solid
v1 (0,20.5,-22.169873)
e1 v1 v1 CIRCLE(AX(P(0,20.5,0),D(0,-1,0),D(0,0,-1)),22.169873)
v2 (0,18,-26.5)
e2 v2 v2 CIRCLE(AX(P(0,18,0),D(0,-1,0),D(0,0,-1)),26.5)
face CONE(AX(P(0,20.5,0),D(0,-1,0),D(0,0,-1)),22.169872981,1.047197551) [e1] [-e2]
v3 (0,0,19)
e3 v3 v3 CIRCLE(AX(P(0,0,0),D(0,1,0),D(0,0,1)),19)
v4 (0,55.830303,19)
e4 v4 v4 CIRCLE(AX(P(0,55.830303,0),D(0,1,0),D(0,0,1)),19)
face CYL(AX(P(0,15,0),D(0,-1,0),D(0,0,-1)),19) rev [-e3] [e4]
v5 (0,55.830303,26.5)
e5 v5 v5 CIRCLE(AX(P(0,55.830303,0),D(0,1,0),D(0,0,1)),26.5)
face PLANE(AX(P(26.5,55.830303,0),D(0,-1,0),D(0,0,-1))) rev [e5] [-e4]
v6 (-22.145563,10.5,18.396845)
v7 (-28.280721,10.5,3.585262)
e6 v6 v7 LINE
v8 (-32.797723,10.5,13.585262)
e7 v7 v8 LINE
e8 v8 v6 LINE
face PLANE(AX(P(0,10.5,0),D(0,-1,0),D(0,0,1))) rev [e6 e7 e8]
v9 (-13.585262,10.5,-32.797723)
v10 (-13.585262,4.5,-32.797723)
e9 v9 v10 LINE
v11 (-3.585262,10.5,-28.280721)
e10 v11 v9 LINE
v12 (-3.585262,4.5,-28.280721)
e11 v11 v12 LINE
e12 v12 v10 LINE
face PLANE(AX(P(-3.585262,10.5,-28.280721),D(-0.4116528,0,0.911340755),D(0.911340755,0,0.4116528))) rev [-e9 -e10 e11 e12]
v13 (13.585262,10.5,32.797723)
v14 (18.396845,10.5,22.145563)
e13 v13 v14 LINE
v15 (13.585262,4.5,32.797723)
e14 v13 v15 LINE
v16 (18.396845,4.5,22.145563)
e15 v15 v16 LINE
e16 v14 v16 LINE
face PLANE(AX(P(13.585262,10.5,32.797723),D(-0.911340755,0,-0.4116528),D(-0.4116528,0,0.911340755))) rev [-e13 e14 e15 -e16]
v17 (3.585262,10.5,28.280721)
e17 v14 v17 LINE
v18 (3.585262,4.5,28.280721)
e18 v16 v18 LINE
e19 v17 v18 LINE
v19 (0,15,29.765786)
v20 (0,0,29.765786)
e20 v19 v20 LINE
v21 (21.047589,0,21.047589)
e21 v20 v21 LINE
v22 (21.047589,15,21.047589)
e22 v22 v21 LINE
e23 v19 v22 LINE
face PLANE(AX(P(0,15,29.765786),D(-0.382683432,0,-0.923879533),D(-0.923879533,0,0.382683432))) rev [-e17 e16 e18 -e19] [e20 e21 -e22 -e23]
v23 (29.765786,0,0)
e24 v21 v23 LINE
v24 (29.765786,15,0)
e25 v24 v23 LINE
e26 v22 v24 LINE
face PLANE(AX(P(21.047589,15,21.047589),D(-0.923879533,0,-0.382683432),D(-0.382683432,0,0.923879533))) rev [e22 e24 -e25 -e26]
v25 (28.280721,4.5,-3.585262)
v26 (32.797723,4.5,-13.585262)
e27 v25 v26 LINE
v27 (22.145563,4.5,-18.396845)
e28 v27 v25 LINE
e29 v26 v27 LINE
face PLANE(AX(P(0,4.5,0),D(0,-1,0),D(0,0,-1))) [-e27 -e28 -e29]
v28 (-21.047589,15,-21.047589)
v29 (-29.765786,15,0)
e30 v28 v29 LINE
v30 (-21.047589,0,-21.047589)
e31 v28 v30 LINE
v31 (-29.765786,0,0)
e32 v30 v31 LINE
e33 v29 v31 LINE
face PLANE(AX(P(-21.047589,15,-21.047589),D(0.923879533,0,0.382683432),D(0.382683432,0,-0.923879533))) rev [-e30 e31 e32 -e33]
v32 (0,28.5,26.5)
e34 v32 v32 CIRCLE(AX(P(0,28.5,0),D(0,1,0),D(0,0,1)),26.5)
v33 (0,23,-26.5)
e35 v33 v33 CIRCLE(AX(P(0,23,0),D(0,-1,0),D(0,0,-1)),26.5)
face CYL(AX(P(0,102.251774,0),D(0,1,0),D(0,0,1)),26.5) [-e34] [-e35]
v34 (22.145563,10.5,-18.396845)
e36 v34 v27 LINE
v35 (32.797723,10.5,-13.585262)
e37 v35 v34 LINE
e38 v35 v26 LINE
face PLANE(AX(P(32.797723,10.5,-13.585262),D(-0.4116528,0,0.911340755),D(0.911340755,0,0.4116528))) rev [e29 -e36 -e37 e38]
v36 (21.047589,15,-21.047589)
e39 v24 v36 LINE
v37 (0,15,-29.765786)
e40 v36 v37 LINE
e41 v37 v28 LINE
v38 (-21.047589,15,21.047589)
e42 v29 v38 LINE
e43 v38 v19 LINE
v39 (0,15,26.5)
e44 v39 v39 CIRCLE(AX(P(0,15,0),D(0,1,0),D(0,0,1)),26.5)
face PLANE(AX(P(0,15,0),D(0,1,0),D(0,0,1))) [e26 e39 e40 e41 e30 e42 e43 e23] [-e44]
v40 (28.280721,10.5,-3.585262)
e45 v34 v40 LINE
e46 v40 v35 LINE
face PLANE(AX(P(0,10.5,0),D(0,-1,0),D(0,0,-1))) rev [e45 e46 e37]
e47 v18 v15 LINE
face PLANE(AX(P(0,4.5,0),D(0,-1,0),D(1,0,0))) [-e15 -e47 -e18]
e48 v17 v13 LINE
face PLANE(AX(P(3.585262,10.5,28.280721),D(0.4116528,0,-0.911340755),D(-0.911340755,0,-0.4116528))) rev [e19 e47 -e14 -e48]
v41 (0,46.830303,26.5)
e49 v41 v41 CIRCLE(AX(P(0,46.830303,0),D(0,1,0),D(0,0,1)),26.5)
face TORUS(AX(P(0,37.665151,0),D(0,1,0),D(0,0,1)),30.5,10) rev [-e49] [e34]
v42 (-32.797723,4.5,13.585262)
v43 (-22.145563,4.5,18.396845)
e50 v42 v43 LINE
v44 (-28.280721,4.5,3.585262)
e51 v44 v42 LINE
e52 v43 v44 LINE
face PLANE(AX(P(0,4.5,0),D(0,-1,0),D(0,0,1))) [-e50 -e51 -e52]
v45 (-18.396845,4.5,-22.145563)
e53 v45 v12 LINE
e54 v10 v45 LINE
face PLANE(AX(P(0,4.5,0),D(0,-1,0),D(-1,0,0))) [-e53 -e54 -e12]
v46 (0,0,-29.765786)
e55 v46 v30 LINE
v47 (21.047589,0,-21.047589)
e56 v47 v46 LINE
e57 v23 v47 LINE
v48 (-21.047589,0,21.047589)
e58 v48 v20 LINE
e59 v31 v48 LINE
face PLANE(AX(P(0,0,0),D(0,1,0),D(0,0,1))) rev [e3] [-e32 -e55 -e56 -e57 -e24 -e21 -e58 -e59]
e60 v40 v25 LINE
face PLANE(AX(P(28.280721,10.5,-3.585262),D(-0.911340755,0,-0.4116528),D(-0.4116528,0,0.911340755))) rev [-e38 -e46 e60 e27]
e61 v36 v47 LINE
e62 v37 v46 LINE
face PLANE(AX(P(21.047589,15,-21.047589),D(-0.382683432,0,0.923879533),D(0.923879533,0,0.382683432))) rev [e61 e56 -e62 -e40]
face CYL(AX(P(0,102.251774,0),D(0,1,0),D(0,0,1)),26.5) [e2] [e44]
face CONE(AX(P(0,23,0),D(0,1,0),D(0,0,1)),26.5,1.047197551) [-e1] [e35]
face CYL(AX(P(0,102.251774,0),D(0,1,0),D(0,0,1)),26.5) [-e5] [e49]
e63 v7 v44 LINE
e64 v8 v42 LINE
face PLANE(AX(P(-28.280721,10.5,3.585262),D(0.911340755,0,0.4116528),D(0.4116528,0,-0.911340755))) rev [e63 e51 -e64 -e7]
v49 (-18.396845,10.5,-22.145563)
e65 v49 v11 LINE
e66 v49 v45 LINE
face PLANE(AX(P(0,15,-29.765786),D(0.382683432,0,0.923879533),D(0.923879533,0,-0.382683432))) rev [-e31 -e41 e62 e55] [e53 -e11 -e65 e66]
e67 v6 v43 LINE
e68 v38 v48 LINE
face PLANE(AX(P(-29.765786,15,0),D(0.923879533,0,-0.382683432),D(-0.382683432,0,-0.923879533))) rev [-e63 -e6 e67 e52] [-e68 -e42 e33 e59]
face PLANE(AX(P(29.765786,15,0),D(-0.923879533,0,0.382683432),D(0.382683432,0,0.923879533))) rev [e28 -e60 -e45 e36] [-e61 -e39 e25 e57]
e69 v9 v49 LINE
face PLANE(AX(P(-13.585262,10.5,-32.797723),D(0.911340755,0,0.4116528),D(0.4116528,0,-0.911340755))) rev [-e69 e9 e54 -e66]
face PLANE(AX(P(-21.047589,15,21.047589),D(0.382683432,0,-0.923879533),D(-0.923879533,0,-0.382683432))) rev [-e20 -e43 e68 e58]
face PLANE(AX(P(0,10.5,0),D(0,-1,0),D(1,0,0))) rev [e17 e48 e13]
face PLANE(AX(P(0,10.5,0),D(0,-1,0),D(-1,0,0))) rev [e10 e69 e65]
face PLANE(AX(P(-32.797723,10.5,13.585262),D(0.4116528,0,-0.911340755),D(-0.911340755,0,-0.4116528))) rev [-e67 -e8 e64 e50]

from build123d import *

# Parameters (mm, degrees)
SKETCH1_R           = 19
BOSS_EXTRUDE2_DEPTH = 15
SKETCH3_R           = 19
CUT_EXTRUDE1_DEPTH  = 56.83030278
BOSS_EXTRUDE3_DEPTH = 3
CIRPATTERN1_COUNT   = 4


with BuildPart() as part:
    # Sketch1 → Boss-Extrude2 (new body)
    with BuildSketch(Plane(origin=(0, 0, 0), x_dir=(1, 0, 0), z_dir=(0, 1, 0))):
        Polygon((21.04758878, 21.04758878), (0, 29.765785508), (-21.04758878, 21.04758878), (-29.765785508, 0), (-21.04758878, -21.04758878), (0, -29.765785508), (21.04758878, -21.04758878), (29.765785508, 0), align=None)
        Circle(SKETCH1_R, mode=Mode.SUBTRACT)
    extrude(amount=BOSS_EXTRUDE2_DEPTH)

    # Sketch2 → Revolve2 (revolve)
    with BuildSketch(Plane.XY):
        with BuildLine():
            Line((26.5, 46.83030278), (26.5, 55.83030278))
            Line((26.5, 55.83030278), (0, 55.83030278))
            Line((0, 55.83030278), (0, 15))
            Line((0, 15), (26.5, 15))
            Line((26.5, 15), (26.5, 28.5))
            ThreePointArc((26.5, 28.5), (20.5, 37.66515139), (26.5, 46.83030278))
        make_face()
    revolve(axis=Axis((0, 102.251774254, 0), (0, -1, 0)))

    # Sketch3 → Cut-Extrude1 (cut, through all)
    with BuildSketch(Plane(origin=(0, 55.83030278, 0), x_dir=(1, 0, 0), z_dir=(0, 1, 0))):
        Circle(SKETCH3_R)
    extrude(amount=-CUT_EXTRUDE1_DEPTH, mode=Mode.SUBTRACT)

    # Sketch4 → Boss-Extrude3 (add, symmetric)
    with BuildSketch(Plane(origin=(0, 7.5, 0), x_dir=(1, 0, 0), z_dir=(0, 1, 0))):
        Polygon((22.145562855, 18.396844877), (28.280721426, 3.585261849), (32.797723404, 13.585261849), align=None)
    boss_extrude3 = extrude(amount=BOSS_EXTRUDE3_DEPTH, both=True)

    # Sketch6 → Cut-Revolve1 (revolve, cut)
    with BuildSketch(Plane.XY):
        Polygon((26.5, 23), (22.169872981, 20.5), (26.5, 18), align=None)
    revolve(axis=Axis((0, -19.954319923, 0), (0, 1, 0)), mode=Mode.SUBTRACT)

    # CirPattern1: Boss-Extrude3 ×4 about axis
    cirpattern1_axis = Axis((0, 0, 0), (0, 1, 0))
    for i in range(1, CIRPATTERN1_COUNT):
        add(boss_extrude3.rotate(cirpattern1_axis, i * 360 / CIRPATTERN1_COUNT))


solid = part.part
